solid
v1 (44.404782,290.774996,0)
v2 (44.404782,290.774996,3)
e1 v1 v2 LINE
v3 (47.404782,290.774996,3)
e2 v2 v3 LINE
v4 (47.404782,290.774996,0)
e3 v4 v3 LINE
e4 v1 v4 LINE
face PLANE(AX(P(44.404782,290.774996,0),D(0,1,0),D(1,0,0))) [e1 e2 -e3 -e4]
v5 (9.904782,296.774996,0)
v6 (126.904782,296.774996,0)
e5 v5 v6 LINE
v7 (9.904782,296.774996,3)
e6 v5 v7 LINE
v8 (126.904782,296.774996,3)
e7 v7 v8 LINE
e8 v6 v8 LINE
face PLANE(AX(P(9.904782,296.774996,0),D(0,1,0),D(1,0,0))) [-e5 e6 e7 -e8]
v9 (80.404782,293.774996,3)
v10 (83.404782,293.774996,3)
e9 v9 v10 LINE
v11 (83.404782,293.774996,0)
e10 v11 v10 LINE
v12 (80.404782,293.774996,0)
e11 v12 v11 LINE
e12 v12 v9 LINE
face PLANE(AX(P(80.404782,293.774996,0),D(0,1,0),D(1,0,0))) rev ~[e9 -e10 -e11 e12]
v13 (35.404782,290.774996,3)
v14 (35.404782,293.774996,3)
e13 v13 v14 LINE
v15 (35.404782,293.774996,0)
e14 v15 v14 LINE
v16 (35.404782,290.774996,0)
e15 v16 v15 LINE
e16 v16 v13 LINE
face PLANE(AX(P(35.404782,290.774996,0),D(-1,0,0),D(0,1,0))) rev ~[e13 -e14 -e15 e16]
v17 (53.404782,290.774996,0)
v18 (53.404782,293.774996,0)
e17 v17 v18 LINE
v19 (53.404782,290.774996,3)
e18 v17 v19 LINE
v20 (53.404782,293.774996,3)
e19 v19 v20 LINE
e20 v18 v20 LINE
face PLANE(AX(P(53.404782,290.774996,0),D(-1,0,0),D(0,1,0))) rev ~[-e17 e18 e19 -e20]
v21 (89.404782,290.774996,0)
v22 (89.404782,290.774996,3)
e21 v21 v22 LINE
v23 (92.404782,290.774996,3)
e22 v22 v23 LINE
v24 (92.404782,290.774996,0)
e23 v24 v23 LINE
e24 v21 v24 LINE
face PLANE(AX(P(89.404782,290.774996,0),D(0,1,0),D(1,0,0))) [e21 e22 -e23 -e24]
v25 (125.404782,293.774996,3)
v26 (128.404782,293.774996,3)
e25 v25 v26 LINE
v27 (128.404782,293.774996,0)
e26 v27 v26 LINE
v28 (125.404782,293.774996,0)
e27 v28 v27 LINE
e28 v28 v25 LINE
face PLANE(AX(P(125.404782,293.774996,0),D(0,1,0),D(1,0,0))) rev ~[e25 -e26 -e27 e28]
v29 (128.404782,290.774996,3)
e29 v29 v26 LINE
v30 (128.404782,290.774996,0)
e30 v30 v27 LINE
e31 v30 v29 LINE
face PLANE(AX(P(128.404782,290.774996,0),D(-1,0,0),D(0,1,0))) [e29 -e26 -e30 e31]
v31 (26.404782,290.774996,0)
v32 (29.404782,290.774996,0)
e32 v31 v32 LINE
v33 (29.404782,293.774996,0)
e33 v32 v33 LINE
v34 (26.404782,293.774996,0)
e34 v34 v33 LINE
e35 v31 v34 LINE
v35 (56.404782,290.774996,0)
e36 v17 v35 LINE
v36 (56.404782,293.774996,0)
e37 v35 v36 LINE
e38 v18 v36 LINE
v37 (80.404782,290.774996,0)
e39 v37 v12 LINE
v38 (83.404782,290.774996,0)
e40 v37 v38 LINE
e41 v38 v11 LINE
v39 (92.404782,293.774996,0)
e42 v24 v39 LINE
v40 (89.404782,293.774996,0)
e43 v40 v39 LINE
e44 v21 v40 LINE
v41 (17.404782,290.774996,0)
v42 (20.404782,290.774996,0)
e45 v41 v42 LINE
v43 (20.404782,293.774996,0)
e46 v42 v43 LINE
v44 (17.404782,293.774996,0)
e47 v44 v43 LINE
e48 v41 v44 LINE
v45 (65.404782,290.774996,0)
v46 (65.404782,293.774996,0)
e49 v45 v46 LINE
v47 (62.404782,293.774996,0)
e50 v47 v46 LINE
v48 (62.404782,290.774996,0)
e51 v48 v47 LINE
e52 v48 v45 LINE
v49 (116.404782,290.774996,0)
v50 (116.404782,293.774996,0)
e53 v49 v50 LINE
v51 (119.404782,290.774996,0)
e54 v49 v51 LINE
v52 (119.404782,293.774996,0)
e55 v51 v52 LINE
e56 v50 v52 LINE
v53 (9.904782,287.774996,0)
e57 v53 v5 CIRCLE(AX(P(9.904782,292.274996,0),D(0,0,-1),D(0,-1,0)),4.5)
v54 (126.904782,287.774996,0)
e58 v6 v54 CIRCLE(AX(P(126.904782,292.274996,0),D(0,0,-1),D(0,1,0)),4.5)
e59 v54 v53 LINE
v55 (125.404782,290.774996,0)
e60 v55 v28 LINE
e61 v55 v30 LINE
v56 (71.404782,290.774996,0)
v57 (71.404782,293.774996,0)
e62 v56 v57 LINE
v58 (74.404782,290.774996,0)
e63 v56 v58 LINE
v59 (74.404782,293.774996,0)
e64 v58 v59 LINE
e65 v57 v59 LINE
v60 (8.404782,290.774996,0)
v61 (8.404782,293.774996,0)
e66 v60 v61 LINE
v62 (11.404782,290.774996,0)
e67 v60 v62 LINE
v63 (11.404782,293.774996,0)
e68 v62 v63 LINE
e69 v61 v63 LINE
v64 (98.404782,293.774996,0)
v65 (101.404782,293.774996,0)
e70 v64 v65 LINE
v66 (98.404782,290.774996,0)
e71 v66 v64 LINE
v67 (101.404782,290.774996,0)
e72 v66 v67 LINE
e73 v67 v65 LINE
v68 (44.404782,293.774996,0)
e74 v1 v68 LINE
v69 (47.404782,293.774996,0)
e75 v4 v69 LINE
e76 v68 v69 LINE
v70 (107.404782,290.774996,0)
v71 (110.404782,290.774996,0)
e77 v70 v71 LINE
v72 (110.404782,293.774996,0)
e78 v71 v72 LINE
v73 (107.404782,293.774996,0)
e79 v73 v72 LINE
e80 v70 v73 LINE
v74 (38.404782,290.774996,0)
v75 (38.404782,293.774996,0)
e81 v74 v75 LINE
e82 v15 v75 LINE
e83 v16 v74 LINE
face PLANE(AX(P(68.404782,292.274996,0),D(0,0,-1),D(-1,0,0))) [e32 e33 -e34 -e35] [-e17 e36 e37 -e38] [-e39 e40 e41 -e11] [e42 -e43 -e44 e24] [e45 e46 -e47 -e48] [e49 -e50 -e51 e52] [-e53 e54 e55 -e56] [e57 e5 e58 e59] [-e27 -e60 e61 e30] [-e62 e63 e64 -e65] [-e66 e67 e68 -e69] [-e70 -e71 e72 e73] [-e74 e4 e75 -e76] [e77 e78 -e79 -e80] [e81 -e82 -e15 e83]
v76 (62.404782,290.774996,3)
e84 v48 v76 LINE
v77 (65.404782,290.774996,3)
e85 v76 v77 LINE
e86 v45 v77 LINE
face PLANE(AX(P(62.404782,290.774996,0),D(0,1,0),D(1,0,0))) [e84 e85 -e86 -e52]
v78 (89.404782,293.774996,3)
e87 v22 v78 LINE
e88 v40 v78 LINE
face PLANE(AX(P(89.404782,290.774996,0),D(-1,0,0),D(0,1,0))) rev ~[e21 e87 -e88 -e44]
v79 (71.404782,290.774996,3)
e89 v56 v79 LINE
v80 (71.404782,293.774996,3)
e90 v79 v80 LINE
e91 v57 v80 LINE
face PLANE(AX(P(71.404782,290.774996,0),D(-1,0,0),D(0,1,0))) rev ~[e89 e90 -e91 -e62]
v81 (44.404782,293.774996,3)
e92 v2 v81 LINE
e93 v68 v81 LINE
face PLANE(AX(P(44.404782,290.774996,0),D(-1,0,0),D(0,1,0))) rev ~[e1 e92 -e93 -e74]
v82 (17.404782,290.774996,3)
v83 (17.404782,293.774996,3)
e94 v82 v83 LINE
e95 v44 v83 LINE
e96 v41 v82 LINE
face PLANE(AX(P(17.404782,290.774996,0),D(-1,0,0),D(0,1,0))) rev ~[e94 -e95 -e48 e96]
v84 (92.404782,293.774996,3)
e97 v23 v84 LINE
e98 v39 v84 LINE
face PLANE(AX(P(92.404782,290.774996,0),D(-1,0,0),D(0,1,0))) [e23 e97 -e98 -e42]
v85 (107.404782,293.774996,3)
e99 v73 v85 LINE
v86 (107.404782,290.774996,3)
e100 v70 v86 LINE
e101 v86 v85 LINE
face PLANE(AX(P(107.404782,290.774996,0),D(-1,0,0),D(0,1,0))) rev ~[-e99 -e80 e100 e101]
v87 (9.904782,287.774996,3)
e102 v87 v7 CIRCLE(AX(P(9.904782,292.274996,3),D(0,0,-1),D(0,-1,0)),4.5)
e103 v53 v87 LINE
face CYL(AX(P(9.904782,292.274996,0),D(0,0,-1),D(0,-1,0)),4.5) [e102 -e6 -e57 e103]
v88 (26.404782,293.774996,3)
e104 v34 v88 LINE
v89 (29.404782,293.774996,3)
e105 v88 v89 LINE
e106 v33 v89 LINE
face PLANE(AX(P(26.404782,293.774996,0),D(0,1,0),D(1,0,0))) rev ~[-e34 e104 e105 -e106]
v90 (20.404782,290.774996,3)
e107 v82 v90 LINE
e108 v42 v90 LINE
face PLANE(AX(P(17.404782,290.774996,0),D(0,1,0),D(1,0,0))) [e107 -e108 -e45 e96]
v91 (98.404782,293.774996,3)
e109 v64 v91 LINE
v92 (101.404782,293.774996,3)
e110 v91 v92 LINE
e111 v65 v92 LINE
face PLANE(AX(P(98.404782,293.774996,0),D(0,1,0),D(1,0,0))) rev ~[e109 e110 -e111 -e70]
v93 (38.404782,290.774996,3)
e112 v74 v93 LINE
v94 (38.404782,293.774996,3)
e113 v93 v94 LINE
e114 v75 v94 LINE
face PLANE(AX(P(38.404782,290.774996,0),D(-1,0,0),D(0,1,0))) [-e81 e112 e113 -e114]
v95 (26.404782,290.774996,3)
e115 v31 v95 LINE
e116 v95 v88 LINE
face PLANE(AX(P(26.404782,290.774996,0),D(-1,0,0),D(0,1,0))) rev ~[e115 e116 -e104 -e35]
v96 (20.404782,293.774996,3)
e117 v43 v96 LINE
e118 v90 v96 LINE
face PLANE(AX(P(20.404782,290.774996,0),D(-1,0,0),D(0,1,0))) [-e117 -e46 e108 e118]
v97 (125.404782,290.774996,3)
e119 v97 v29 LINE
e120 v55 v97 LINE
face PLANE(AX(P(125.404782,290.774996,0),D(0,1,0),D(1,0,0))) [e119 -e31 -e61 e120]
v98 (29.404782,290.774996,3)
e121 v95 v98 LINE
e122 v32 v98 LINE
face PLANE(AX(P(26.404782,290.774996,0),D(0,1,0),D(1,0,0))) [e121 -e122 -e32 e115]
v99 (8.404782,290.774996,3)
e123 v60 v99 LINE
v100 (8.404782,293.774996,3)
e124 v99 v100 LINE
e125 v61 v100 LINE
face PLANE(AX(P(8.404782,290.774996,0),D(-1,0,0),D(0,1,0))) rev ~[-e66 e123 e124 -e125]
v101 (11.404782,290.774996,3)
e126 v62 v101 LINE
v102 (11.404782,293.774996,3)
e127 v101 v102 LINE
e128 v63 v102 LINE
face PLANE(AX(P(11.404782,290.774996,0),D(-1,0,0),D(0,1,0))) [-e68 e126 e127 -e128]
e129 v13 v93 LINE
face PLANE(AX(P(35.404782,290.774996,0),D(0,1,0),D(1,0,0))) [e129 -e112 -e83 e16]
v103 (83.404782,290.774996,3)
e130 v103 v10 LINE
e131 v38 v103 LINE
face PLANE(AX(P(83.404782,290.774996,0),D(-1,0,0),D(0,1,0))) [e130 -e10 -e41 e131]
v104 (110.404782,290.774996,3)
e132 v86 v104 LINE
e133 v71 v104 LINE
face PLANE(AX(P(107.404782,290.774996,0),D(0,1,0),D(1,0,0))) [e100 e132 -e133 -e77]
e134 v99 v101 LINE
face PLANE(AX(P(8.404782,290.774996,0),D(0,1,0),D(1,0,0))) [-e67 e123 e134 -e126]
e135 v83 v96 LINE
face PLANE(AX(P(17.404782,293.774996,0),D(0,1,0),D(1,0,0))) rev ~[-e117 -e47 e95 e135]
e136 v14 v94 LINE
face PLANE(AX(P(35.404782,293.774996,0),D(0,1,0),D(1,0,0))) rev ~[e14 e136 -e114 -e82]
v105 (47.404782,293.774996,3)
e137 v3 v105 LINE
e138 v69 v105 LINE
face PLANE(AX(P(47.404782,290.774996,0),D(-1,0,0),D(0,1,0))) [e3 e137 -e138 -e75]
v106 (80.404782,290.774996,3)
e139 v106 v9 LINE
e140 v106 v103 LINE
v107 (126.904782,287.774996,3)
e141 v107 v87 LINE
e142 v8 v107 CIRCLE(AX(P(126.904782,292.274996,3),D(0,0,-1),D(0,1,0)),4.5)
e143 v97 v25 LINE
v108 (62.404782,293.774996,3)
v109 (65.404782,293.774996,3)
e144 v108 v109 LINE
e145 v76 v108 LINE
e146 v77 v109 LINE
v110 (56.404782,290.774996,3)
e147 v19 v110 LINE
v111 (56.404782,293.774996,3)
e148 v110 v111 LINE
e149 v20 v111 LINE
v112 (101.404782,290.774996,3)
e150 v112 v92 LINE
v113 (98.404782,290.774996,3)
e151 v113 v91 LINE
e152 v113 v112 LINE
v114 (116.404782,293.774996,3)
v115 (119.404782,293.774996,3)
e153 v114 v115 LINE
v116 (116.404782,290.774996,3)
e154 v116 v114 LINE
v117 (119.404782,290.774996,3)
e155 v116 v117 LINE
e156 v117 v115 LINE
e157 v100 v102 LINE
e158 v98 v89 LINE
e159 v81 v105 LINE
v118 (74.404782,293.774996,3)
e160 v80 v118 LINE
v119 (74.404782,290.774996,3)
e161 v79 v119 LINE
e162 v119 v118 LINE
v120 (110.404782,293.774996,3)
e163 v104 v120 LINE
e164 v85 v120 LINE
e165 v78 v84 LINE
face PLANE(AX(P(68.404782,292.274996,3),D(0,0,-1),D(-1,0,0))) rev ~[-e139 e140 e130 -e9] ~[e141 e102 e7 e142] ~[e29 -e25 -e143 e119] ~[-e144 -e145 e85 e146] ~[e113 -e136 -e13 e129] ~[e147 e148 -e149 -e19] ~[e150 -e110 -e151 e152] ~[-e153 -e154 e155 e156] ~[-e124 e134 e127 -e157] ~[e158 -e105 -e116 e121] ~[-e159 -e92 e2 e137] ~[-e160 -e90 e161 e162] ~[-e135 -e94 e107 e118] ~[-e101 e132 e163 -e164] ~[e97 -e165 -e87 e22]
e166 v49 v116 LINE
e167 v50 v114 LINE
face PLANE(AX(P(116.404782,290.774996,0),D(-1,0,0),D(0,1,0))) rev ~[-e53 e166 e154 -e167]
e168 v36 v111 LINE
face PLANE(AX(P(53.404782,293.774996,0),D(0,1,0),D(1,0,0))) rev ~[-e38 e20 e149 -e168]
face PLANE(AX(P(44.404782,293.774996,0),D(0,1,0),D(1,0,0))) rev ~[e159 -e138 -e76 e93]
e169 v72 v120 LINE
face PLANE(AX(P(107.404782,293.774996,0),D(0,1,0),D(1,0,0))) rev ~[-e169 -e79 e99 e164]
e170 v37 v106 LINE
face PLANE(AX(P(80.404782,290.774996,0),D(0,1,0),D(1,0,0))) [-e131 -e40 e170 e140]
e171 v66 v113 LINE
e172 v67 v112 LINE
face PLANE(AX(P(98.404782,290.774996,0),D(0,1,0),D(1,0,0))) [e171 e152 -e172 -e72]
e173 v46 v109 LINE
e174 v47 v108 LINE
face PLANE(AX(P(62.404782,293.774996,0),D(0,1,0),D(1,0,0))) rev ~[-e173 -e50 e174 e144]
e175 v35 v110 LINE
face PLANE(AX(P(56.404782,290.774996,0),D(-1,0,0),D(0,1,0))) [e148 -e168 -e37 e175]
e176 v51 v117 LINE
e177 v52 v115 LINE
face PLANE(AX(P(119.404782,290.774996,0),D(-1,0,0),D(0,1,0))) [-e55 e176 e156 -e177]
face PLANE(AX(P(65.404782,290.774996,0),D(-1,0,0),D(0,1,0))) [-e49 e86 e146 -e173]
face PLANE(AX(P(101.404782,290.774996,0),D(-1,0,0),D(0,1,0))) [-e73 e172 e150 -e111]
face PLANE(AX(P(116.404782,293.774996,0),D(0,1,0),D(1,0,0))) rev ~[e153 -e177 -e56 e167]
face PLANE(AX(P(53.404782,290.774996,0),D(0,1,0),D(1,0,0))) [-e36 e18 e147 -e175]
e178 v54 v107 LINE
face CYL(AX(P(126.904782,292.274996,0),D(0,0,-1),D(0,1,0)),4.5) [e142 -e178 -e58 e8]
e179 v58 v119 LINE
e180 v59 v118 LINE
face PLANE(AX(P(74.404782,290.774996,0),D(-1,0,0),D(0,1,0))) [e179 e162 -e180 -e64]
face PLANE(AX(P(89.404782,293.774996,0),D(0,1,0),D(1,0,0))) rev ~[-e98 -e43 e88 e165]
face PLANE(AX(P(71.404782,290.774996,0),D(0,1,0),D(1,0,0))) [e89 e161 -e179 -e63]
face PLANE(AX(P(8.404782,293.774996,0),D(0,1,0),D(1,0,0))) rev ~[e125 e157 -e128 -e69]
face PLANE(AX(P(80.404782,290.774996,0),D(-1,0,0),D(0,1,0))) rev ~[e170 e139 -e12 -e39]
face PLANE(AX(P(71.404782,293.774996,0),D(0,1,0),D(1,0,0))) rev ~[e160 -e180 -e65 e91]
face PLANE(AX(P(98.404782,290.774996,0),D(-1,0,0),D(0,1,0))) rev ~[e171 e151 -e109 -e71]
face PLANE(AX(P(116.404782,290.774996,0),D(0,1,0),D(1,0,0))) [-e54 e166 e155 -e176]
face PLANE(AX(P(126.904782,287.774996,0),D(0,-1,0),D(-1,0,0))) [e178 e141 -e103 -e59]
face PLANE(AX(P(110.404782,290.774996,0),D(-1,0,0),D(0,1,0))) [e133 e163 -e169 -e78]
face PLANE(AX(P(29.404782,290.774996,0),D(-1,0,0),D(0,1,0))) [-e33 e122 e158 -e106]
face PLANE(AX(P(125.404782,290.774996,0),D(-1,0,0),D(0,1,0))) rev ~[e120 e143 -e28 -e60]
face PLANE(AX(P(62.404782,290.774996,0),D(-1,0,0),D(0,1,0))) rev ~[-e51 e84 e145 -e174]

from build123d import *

# Parameters (mm, degrees)
MODEL_W                 = 3
MODEL_H                 = 3
SALIENTE_EXTRUIR1_DEPTH = 3


with BuildPart() as part:
    # Model → Saliente-Extruir1 (new body)
    with BuildSketch(Plane.XY):
        with BuildLine():
            Line((9.904781567, 296.774995526), (126.904781567, 296.774995526))
            ThreePointArc((126.904781567, 296.774995526), (131.404781567, 292.274995526), (126.904781567, 287.774995526))
            Line((126.904781567, 287.774995526), (9.904781567, 287.774995526))
            ThreePointArc((9.904781567, 287.774995526), (5.404781567, 292.274995526), (9.904781567, 296.774995526))
        make_face()
        with Locations((9.904781567, 292.274995526)):
            Rectangle(MODEL_W, MODEL_H, mode=Mode.SUBTRACT)
        with Locations((18.904781567, 292.274995526)):
            Rectangle(MODEL_W, MODEL_H, mode=Mode.SUBTRACT)
        with Locations((27.904781567, 292.274995526)):
            Rectangle(MODEL_W, MODEL_H, mode=Mode.SUBTRACT)
        with Locations((36.904781567, 292.274995526)):
            Rectangle(MODEL_W, MODEL_H, mode=Mode.SUBTRACT)
        with Locations((45.904781567, 292.274995526)):
            Rectangle(MODEL_W, MODEL_H, mode=Mode.SUBTRACT)
        with Locations((54.904781567, 292.274995526)):
            Rectangle(MODEL_W, MODEL_H, mode=Mode.SUBTRACT)
        with Locations((63.904781567, 292.274995526)):
            Rectangle(MODEL_W, MODEL_H, mode=Mode.SUBTRACT)
        with Locations((72.904781567, 292.274995526)):
            Rectangle(MODEL_W, MODEL_H, mode=Mode.SUBTRACT)
        with Locations((81.904781567, 292.274995526)):
            Rectangle(MODEL_W, MODEL_H, mode=Mode.SUBTRACT)
        with Locations((90.904781567, 292.274995526)):
            Rectangle(MODEL_W, MODEL_H, mode=Mode.SUBTRACT)
        with Locations((126.904781567, 292.274995526)):
            Rectangle(MODEL_W, MODEL_H, mode=Mode.SUBTRACT)
        with Locations((99.904781567, 292.274995526)):
            Rectangle(MODEL_W, MODEL_H, mode=Mode.SUBTRACT)
        with Locations((108.904781567, 292.274995526)):
            Rectangle(MODEL_W, MODEL_H, mode=Mode.SUBTRACT)
        with Locations((117.904781567, 292.274995526)):
            Rectangle(MODEL_W, MODEL_H, mode=Mode.SUBTRACT)
    extrude(amount=SALIENTE_EXTRUIR1_DEPTH)


solid = part.part
